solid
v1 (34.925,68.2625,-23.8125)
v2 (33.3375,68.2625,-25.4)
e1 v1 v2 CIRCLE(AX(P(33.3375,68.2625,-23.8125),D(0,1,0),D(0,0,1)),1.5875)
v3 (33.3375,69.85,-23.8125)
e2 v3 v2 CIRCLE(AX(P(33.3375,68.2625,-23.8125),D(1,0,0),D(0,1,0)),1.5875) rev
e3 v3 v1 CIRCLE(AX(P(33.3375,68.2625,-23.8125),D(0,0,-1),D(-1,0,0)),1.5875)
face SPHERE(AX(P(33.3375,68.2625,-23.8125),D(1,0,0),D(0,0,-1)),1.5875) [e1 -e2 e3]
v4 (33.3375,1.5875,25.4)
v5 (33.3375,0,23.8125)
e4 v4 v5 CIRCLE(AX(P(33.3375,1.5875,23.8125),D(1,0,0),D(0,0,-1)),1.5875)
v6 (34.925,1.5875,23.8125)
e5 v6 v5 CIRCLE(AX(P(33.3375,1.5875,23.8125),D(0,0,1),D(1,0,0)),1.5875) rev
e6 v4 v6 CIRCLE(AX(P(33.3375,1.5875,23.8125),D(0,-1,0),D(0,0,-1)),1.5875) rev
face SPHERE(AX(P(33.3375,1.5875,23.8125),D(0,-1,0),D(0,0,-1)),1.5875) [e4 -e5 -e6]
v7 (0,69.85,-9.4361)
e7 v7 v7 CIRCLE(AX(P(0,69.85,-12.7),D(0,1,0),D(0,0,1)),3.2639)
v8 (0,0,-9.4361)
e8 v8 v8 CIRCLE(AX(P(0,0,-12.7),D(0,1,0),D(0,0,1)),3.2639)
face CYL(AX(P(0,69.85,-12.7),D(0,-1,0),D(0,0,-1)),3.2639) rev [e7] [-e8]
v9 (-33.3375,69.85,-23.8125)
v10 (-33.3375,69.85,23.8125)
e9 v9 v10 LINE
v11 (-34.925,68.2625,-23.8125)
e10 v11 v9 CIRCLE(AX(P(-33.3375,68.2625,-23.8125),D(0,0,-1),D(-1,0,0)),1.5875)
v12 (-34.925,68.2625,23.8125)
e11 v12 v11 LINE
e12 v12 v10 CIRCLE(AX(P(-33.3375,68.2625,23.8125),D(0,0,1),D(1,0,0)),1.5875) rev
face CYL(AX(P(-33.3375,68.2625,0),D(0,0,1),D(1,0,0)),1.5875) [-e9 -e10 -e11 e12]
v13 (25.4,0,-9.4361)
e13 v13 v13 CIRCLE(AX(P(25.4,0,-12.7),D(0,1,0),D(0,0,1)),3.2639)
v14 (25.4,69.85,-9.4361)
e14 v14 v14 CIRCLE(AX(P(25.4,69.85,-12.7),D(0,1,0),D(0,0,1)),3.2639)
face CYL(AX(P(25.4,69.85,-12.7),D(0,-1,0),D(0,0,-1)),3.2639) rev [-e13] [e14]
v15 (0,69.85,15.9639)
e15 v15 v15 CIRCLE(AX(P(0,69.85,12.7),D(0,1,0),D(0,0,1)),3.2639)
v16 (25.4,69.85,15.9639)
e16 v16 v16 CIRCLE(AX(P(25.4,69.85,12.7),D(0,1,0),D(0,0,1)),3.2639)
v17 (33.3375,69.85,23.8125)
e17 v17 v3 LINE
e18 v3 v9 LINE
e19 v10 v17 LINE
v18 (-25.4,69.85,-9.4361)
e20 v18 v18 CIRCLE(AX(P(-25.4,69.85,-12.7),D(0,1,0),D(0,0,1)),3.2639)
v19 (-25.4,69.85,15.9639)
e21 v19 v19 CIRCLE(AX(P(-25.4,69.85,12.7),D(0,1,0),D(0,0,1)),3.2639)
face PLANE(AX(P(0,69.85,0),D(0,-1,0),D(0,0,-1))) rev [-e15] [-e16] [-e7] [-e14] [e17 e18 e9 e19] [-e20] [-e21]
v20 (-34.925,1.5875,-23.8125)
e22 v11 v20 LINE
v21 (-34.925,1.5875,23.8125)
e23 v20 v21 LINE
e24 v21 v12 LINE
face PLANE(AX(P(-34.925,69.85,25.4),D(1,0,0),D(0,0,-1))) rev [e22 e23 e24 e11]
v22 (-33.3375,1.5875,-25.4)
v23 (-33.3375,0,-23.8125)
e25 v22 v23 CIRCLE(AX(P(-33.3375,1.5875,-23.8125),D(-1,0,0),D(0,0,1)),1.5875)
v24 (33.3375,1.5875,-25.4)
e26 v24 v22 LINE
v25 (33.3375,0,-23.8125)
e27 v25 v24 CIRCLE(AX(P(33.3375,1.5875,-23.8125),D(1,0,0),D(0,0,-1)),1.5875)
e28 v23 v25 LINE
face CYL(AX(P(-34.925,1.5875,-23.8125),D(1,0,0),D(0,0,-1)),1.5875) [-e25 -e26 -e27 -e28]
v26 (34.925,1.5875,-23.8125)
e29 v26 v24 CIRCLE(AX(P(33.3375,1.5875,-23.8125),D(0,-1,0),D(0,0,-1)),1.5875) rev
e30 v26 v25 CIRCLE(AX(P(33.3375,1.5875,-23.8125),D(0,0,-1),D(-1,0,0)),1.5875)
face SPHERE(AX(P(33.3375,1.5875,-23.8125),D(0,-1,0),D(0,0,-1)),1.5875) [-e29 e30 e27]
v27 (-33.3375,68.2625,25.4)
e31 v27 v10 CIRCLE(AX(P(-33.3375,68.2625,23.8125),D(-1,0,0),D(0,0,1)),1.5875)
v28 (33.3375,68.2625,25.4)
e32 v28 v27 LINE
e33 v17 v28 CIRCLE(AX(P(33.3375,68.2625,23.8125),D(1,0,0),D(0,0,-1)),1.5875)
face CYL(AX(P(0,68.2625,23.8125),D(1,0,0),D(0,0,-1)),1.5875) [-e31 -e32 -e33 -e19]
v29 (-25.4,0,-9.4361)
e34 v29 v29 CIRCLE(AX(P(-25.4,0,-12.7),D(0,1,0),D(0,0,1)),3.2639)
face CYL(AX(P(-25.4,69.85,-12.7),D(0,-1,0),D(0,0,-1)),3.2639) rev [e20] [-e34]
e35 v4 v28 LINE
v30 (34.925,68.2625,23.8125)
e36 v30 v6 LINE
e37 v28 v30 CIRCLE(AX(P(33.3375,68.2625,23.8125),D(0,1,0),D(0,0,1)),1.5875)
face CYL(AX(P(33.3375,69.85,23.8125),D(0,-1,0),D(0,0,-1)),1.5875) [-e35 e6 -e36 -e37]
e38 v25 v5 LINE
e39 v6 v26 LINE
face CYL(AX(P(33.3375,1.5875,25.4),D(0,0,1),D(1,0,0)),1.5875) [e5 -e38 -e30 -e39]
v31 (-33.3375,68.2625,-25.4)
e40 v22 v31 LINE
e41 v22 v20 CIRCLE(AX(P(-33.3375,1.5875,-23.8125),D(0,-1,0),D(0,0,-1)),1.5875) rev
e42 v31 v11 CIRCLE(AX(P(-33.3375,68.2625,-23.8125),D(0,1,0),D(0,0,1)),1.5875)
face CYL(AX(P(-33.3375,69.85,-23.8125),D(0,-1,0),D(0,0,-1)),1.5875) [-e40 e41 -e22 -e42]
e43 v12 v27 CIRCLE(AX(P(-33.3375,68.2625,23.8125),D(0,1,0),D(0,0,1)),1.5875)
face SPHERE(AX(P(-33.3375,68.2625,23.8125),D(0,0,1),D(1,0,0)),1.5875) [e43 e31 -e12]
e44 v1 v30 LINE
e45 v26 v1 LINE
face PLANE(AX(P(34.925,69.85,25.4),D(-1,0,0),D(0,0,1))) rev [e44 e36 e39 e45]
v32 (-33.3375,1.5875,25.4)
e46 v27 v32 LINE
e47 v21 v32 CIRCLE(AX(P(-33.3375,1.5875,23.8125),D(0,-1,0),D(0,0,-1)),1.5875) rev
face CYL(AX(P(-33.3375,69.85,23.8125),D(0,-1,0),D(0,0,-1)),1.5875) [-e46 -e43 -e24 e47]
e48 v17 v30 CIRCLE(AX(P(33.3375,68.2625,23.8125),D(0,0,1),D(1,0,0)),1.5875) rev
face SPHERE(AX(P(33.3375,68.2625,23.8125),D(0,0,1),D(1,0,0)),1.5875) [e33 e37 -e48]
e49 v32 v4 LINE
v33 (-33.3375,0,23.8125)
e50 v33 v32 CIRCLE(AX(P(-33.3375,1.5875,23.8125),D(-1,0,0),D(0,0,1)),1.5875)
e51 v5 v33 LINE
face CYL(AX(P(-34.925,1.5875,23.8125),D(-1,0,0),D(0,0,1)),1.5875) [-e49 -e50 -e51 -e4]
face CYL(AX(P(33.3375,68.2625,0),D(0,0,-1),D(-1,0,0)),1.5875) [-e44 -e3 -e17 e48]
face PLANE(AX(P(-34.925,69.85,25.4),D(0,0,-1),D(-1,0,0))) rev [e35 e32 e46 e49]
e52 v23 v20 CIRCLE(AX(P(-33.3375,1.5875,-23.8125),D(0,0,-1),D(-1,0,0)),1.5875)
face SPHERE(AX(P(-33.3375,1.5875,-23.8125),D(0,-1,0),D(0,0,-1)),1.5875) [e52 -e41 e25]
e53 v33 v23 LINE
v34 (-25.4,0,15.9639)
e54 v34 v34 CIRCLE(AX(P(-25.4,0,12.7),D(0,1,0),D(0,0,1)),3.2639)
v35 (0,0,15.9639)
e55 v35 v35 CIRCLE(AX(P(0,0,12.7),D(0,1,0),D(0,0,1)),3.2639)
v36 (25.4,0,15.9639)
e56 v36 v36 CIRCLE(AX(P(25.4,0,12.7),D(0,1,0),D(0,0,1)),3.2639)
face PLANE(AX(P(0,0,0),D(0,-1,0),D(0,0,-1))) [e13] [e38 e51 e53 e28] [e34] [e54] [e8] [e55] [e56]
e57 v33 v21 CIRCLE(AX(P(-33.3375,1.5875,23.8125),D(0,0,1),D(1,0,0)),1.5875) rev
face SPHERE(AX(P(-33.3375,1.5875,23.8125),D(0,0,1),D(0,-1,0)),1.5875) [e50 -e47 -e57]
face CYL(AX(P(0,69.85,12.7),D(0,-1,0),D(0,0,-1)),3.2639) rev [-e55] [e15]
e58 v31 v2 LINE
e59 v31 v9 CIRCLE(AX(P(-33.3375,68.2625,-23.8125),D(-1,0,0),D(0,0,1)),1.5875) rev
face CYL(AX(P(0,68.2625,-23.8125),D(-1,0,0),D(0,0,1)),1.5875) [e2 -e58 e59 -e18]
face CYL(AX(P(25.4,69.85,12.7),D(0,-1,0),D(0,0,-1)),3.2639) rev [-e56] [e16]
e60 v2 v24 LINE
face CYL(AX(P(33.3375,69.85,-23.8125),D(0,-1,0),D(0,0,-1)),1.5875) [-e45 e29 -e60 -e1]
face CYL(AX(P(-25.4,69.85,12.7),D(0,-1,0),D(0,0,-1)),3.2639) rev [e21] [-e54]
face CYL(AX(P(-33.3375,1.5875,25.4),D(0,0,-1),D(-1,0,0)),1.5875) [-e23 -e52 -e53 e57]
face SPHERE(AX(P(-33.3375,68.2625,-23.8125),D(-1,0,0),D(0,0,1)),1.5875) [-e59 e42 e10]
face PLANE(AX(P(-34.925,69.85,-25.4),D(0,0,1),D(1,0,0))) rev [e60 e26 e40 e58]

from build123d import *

# Parameters (mm, degrees)
SKETCH1_W           = 69.85
SKETCH1_H           = 50.8
SKETCH1_R           = 3.2639
BOSS_EXTRUDE1_DEPTH = 69.85
FILLET1_R           = 1.5875


with BuildPart() as part:
    # Sketch1 → Boss-Extrude1 (new body)
    with BuildSketch(Plane(origin=(0, 0, 0), x_dir=(1, 0, 0), z_dir=(0, 1, 0))):
        Rectangle(SKETCH1_W, SKETCH1_H)
        with Locations(Location((-25.4, -12.7, 0), (0, 0, 270))):
            Circle(SKETCH1_R, mode=Mode.SUBTRACT)
        with Locations(Location((0, -12.7, 0), (0, 0, 270))):
            Circle(SKETCH1_R, mode=Mode.SUBTRACT)
        with Locations(Location((25.4, -12.7, 0), (0, 0, 270))):
            Circle(SKETCH1_R, mode=Mode.SUBTRACT)
        with Locations(Location((0, 12.7, 0), (0, 0, 270))):
            Circle(SKETCH1_R, mode=Mode.SUBTRACT)
        with Locations(Location((25.4, 12.7, 0), (0, 0, 270))):
            Circle(SKETCH1_R, mode=Mode.SUBTRACT)
        with Locations(Location((-25.4, 12.7, 0), (0, 0, 270))):
            Circle(SKETCH1_R, mode=Mode.SUBTRACT)
    extrude(amount=BOSS_EXTRUDE1_DEPTH)

    # Fillet1
    fillet1_edges = [part.edges().sort_by_distance(p)[0] for p in [
        (-34.925, 69.85, 0),
        (0, 69.85, 25.4),
        (34.925, 69.85, 0),
        (0, 0, 25.4),
        (-34.925, 0, 0),
        (0, 0, -25.4),
        (34.925, 0, 0),
        (34.925, 34.925, 25.4),
        (-34.925, 34.925, 25.4),
        (-34.925, 34.925, -25.4),
        (34.925, 34.925, -25.4),
        (0, 69.85, -25.4),
    ]]
    fillet(fillet1_edges, radius=FILLET1_R)


solid = part.part
